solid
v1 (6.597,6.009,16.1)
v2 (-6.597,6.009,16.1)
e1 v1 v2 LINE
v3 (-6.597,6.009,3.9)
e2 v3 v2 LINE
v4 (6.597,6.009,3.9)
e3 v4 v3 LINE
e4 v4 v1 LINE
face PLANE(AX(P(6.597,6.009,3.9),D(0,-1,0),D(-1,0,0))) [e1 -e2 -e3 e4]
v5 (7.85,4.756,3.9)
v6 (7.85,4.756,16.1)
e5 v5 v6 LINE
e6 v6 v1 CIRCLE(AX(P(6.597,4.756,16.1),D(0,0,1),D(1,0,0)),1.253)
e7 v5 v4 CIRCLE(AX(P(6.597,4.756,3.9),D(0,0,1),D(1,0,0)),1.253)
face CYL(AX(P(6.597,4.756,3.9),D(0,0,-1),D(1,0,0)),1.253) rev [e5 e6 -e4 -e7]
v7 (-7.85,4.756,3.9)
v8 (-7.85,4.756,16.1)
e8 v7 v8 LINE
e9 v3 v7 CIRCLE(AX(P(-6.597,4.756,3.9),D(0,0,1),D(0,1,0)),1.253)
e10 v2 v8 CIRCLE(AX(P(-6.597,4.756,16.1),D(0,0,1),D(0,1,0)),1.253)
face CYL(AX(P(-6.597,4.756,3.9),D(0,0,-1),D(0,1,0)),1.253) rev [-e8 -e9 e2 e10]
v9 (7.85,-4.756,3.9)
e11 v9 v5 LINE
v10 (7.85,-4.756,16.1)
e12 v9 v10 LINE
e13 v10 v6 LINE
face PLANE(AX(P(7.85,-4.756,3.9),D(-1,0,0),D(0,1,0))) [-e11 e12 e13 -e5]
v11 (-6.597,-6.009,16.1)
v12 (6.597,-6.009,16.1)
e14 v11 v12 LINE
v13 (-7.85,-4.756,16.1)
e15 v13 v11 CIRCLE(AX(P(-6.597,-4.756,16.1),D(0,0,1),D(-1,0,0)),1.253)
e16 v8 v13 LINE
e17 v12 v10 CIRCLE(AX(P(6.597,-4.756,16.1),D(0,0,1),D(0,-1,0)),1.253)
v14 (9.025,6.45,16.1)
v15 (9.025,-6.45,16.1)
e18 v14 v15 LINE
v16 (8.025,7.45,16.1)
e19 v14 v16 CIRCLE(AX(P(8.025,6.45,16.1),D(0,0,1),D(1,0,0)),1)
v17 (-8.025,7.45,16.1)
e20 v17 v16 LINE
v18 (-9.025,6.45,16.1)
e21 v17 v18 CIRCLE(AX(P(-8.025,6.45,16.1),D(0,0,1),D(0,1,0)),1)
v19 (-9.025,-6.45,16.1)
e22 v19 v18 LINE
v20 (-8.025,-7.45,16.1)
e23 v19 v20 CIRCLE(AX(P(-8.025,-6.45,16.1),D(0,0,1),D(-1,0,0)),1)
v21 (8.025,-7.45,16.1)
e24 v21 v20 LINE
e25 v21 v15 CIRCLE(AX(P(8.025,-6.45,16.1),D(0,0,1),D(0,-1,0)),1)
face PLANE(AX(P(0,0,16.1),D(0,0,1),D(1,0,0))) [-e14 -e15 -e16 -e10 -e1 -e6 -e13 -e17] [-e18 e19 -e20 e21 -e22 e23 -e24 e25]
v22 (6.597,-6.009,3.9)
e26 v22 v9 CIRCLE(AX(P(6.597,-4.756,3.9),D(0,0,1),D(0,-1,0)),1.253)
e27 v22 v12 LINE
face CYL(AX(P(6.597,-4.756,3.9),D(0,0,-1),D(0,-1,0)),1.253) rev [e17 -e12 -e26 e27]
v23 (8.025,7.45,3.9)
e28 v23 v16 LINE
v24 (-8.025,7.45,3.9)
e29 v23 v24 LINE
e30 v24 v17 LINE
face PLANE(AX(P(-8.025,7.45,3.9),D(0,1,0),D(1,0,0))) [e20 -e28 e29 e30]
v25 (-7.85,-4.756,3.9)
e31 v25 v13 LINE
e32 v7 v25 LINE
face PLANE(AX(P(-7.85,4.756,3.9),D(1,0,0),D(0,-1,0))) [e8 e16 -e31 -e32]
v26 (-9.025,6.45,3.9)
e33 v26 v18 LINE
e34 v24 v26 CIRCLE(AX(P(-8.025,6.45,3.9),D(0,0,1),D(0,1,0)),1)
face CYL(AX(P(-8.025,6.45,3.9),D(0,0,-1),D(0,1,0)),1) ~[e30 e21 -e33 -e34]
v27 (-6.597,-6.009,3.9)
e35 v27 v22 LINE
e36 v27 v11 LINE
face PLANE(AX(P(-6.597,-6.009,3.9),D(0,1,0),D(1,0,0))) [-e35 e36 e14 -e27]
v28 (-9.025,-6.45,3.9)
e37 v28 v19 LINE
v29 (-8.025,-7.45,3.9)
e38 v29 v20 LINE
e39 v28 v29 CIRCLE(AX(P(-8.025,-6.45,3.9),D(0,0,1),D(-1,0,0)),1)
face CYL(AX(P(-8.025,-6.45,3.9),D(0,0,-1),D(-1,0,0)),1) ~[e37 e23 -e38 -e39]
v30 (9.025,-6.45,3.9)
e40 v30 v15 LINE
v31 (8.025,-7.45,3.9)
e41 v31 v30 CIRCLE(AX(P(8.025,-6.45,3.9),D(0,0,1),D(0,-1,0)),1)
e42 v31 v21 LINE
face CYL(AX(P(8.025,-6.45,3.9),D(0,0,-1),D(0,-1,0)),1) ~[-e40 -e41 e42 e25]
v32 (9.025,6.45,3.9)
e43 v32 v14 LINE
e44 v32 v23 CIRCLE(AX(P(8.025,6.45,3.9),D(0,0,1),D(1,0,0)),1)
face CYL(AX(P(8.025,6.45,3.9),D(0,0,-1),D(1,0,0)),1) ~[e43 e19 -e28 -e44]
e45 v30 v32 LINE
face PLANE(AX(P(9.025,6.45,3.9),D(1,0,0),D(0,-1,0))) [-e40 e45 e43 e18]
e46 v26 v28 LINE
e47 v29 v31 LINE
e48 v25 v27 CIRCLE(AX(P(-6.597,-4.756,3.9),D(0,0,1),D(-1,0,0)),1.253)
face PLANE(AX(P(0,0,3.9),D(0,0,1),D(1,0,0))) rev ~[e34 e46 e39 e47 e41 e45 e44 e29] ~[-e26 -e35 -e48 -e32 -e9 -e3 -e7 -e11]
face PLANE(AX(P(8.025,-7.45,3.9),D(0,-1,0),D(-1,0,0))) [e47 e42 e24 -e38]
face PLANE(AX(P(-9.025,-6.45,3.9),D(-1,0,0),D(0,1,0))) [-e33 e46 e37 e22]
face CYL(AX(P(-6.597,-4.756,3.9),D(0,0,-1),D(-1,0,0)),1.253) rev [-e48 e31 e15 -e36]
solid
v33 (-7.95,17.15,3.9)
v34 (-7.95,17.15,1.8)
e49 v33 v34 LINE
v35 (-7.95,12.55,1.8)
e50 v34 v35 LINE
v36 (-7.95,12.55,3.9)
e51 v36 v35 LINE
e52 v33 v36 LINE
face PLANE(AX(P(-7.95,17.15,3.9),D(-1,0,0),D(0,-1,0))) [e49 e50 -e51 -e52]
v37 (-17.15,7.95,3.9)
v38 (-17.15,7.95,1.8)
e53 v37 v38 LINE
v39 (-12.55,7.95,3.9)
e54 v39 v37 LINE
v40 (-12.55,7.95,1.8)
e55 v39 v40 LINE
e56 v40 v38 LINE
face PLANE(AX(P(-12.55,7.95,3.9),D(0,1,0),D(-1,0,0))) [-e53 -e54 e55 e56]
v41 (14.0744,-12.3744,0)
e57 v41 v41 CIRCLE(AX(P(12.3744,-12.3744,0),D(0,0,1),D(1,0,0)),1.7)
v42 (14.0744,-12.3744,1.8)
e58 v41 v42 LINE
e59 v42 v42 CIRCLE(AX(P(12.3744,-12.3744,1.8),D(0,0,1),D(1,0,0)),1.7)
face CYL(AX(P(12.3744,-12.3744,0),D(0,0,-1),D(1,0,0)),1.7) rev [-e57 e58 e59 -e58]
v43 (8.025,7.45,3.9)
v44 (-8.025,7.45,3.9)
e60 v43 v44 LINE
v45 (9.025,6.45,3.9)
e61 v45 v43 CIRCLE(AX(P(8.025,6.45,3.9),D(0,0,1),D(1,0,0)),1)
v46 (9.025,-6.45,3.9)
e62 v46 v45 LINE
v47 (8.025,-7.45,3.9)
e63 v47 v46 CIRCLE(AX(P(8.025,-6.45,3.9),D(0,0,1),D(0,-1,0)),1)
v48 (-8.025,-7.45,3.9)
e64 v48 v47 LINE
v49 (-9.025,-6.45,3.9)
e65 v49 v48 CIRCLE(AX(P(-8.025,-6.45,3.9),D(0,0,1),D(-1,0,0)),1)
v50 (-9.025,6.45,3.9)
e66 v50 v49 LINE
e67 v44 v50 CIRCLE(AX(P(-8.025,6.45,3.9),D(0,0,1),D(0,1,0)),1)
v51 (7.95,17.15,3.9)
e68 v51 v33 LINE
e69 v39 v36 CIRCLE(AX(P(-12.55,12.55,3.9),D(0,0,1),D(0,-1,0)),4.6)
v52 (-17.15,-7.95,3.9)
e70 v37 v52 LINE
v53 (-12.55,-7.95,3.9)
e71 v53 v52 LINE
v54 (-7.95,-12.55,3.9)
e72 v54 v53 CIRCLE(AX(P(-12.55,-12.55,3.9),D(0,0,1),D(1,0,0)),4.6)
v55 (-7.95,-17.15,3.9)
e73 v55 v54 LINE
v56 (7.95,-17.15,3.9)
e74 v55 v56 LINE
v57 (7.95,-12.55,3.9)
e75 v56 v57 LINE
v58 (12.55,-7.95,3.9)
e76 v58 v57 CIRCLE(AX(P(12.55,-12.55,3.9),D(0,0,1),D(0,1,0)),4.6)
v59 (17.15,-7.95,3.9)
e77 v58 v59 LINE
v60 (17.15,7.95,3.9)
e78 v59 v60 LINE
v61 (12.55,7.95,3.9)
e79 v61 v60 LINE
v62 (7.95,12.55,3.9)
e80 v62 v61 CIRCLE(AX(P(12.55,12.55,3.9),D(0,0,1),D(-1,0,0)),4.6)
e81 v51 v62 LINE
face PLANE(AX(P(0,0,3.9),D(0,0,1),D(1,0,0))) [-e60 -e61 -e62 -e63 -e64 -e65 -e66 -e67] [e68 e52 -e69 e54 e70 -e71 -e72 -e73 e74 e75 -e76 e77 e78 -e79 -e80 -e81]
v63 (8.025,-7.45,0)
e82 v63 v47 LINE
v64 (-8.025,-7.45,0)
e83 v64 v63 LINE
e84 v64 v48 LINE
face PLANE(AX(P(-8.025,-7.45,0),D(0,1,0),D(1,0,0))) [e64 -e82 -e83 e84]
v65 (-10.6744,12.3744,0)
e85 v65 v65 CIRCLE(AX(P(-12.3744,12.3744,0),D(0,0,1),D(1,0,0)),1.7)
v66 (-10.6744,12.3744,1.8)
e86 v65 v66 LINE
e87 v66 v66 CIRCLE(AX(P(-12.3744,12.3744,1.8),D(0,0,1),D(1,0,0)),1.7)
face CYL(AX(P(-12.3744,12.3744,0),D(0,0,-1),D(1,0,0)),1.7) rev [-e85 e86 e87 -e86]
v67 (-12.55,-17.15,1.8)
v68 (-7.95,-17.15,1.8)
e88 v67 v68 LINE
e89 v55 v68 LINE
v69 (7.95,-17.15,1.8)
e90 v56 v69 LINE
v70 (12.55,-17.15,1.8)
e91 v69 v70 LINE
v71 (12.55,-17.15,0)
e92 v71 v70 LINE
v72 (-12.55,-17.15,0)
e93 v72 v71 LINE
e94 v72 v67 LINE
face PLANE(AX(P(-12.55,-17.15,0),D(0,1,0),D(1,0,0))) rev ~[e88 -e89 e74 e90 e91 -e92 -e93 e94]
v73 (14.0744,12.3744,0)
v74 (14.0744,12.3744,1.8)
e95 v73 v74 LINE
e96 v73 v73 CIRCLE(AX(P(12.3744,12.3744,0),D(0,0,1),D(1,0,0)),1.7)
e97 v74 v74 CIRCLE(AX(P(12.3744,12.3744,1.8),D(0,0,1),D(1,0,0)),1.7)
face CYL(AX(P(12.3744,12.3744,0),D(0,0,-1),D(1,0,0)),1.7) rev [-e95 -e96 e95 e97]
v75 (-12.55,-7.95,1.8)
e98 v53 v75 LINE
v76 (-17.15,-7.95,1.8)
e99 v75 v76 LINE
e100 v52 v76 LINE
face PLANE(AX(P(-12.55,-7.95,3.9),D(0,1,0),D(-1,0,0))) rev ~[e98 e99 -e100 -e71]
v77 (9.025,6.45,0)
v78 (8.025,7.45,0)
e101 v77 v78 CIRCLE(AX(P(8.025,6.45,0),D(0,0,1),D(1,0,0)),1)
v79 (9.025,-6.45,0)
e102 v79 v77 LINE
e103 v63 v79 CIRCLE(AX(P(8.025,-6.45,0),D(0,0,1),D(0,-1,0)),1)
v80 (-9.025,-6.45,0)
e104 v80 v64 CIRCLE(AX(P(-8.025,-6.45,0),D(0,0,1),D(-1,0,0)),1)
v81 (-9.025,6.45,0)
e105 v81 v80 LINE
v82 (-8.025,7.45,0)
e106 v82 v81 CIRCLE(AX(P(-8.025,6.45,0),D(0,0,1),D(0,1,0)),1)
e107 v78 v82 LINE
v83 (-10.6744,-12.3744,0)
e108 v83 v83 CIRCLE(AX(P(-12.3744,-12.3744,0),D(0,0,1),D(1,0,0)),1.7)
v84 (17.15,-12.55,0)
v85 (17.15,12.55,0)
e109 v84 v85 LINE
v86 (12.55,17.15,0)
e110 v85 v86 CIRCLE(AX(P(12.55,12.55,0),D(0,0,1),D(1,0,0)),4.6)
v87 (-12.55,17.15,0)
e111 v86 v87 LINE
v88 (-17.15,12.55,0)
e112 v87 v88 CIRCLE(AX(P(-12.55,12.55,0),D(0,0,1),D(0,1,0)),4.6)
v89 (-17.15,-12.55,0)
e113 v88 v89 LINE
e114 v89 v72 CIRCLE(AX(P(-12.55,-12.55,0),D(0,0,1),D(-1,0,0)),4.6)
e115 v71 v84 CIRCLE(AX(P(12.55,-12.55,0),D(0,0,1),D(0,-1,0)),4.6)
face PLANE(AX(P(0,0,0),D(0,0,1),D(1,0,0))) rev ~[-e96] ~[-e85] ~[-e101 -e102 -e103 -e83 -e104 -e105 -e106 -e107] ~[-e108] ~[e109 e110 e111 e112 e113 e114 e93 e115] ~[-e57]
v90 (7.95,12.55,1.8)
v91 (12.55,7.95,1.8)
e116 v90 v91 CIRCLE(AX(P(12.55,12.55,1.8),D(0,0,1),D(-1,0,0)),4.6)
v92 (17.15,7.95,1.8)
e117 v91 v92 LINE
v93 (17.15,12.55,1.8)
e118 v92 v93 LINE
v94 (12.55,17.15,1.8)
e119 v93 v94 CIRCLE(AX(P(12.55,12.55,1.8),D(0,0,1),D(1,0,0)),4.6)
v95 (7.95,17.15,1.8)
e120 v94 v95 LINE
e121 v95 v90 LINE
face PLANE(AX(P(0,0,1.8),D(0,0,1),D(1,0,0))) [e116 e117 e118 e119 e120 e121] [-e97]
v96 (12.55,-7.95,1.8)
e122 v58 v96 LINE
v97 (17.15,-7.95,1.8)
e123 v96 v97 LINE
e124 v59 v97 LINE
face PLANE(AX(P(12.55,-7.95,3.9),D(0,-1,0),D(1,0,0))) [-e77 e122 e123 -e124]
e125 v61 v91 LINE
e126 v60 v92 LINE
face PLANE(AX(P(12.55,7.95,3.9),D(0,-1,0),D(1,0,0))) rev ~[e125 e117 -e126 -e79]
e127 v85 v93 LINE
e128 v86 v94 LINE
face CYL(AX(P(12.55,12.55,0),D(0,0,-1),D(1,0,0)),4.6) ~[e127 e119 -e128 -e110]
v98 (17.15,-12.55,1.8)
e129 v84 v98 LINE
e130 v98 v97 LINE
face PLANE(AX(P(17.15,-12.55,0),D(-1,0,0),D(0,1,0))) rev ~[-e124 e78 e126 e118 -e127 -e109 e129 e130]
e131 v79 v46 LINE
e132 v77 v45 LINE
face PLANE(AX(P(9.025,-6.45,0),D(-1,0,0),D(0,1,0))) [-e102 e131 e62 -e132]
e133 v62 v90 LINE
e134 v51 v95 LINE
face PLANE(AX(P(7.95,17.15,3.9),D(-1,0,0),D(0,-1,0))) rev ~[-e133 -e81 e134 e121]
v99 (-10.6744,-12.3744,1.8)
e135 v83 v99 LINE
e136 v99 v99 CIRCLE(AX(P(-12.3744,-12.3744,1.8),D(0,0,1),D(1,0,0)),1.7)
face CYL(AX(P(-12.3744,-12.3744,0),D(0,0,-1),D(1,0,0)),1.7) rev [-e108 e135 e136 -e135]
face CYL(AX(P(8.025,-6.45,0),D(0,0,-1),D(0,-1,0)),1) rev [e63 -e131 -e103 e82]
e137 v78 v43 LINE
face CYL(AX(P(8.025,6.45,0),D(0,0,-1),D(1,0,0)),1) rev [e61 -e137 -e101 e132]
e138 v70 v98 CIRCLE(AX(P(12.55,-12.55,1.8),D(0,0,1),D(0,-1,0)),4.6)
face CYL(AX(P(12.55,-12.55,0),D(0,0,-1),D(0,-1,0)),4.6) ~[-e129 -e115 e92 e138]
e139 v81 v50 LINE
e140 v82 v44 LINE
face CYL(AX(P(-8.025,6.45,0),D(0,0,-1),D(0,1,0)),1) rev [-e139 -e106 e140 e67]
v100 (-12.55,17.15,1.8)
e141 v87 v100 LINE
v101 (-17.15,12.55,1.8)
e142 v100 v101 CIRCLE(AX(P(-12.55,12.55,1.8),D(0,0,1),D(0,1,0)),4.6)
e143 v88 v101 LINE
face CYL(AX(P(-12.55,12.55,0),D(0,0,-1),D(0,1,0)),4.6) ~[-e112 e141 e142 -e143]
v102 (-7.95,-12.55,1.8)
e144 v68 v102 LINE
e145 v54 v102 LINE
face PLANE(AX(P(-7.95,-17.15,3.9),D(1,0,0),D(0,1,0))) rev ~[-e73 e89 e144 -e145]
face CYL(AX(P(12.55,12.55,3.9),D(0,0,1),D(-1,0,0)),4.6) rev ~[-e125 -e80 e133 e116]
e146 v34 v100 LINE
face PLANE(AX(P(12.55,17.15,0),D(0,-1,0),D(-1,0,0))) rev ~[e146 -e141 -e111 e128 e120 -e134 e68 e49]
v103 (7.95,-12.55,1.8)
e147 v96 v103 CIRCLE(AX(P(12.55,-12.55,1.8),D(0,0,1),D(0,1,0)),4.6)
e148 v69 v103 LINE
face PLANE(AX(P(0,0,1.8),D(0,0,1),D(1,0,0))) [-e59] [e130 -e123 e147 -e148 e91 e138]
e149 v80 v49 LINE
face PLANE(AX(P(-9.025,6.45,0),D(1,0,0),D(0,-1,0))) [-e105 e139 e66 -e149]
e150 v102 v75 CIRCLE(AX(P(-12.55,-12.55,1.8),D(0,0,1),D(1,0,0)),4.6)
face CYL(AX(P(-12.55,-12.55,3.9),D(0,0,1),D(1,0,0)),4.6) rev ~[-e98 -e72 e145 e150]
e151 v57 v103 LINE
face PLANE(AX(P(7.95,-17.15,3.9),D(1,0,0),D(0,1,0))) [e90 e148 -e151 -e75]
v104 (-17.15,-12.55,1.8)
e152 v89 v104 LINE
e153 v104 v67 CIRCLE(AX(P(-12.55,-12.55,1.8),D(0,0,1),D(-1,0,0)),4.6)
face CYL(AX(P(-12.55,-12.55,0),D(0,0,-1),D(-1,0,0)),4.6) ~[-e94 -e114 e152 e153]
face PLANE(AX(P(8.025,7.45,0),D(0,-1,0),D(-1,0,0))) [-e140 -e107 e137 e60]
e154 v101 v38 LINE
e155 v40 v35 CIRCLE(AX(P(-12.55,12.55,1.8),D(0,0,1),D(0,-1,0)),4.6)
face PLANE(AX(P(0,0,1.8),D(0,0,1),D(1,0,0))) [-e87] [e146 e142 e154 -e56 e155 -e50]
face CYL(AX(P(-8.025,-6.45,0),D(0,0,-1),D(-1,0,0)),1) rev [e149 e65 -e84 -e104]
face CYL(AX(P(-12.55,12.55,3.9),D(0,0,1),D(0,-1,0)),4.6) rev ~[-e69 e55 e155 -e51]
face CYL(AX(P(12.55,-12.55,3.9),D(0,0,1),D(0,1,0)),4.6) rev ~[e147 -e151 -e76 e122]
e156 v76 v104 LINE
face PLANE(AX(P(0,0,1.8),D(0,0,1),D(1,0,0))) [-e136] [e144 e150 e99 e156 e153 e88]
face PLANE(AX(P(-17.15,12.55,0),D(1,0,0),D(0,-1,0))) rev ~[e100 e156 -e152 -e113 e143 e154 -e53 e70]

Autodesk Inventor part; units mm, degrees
ref_plane "YZ Plane" through (0, 0, 0) normal (1, 0, 0) x (0, 1, 0)
ref_plane "XZ Plane" through (0, 0, 0) normal (0, 1, 0) x (-1, 0, 0)
ref_plane "XY Plane" through (0, 0, 0) normal (0, 0, 1) x (1, 0, 0)
sketch "Sketch1" plane through (0, 0, 0) normal (0, 0, 1) x (1, 0, 0)
  line L0 (-12.55, -17.15) -> (12.55, -17.15)
  line L1 (17.15, -12.55) -> (17.15, 12.55)
  line L2 (12.55, 17.15) -> (-12.55, 17.15)
  line L3 (-17.15, 12.55) -> (-17.15, -12.55)
  line L4 (-17.15, -17.15) -> (17.15, 17.15) construction
  line L5 (17.15, -17.15) -> (-17.15, 17.15) construction
  circle A0 centre (0, 0) radius 17.5 construction
  circle A1 centre (-12.3744, 12.3744) radius 1.7
  circle A2 centre (-12.3744, -12.3744) radius 1.7
  circle A3 centre (12.3744, -12.3744) radius 1.7
  circle A4 centre (12.3744, 12.3744) radius 1.7
  line L6 (-12.3744, 12.3744) -> (-12.3744, 17.15) construction
  line L7 (-12.3744, 12.3744) -> (-7.5987, 12.3744) construction
  arc A5 (-12.55, 17.15) -> (-17.15, 12.55) centre (-12.55, 12.55) ccw
  arc A6 (17.15, 12.55) -> (12.55, 17.15) centre (12.55, 12.55) ccw
  arc A7 (12.55, -17.15) -> (17.15, -12.55) centre (12.55, -12.55) ccw
  arc A8 (-17.15, -12.55) -> (-12.55, -17.15) centre (-12.55, -12.55) ccw
  line L8 (-8.025, -7.45) -> (8.025, -7.45)
  line L9 (9.025, -6.45) -> (9.025, 6.45)
  line L10 (8.025, 7.45) -> (-8.025, 7.45)
  line L11 (-9.025, 6.45) -> (-9.025, -6.45)
  line L12 (-9.025, -7.45) -> (9.025, 7.45) construction
  line L13 (9.025, -7.45) -> (-9.025, 7.45) construction
  arc A9 (-8.025, 7.45) -> (-9.025, 6.45) centre (-8.025, 6.45) ccw
  arc A10 (9.025, 6.45) -> (8.025, 7.45) centre (8.025, 6.45) ccw
  arc A11 (8.025, -7.45) -> (9.025, -6.45) centre (8.025, -6.45) ccw
  arc A12 (-9.025, -6.45) -> (-8.025, -7.45) centre (-8.025, -6.45) ccw
  dimension "d0" = 34.3
  dimension "d1" = 34.3
  dimension "d2" = 35
  dimension "d3" = 3.4
  dimension "d4" = 3.4
  dimension "d5" = 3.4
  dimension "d6" = 3.4
  dimension "d7" = 90
  dimension "d8" = 4.6
  dimension "d9" = 18.05
  dimension "d10" = 14.9
  dimension "d11" = 1
extrude "Extrusion1" add sketch "Sketch1" along normal blind 3.9
sketch "Sketch2" plane through (0, 0, 3.9) normal (0, 0, 1) x (1, 0, 0)
  arc A0 (9.025, 6.45) -> (8.025, 7.45) centre (8.025, 6.45) ccw projected
  line L0 (9.025, 6.45) -> (9.025, -6.45) projected
  arc A1 (8.025, -7.45) -> (9.025, -6.45) centre (8.025, -6.45) ccw projected
  line L1 (8.025, -7.45) -> (-8.025, -7.45) projected
  arc A2 (-9.025, -6.45) -> (-8.025, -7.45) centre (-8.025, -6.45) ccw projected
  line L2 (-9.025, -6.45) -> (-9.025, 6.45) projected
  arc A3 (-8.025, 7.45) -> (-9.025, 6.45) centre (-8.025, 6.45) ccw projected
  line L3 (-8.025, 7.45) -> (8.025, 7.45) projected
  circle A4 centre (12.3744, 12.3744) radius 1.7 projected
  circle A5 centre (12.3744, -12.3744) radius 1.7 projected
  circle A6 centre (-12.3744, -12.3744) radius 1.7 projected
  circle A7 centre (-12.3744, 12.3744) radius 1.7 projected
  line L4 (-17.15, 12.55) -> (-17.15, -12.55) projected
  arc A8 (-17.15, -12.55) -> (-12.55, -17.15) centre (-12.55, -12.55) ccw projected
  line L5 (-12.55, -17.15) -> (12.55, -17.15) projected
  arc A9 (12.55, -17.15) -> (17.15, -12.55) centre (12.55, -12.55) ccw projected
  line L6 (17.15, -12.55) -> (17.15, 12.55) projected
  arc A10 (17.15, 12.55) -> (12.55, 17.15) centre (12.55, 12.55) ccw projected
  line L7 (12.55, 17.15) -> (-12.55, 17.15) projected
  arc A11 (-12.55, 17.15) -> (-17.15, 12.55) centre (-12.55, 12.55) ccw projected
  line L8 (12.55, 7.95) -> (17.15, 7.95)
  line L9 (17.15, 7.95) -> (17.15, 12.55)
  line L10 (12.55, 17.15) -> (7.95, 17.15)
  line L11 (7.95, 17.15) -> (7.95, 12.55)
  line L12 (7.95, 7.95) -> (17.15, 17.15) construction
  line L13 (17.15, 7.95) -> (7.95, 17.15) construction
  arc A12 (7.95, 12.55) -> (12.55, 7.95) centre (12.55, 12.55) ccw
  arc A13 (17.15, 12.55) -> (12.55, 17.15) centre (12.55, 12.55) ccw
  line L14 (-12.55, 7.95) -> (-17.15, 7.95)
  line L15 (-17.15, 7.95) -> (-17.15, 12.55)
  line L16 (-12.55, 17.15) -> (-7.95, 17.15)
  line L17 (-7.95, 17.15) -> (-7.95, 12.55)
  line L18 (-7.95, 7.95) -> (-17.15, 17.15) construction
  line L19 (-17.15, 7.95) -> (-7.95, 17.15) construction
  line L20 (-12.55, -7.95) -> (-17.15, -7.95)
  line L21 (-17.15, -7.95) -> (-17.15, -12.55)
  line L22 (-12.55, -17.15) -> (-7.95, -17.15)
  line L23 (-7.95, -17.15) -> (-7.95, -12.55)
  line L24 (-7.95, -7.95) -> (-17.15, -17.15) construction
  line L25 (-17.15, -7.95) -> (-7.95, -17.15) construction
  line L26 (12.55, -7.95) -> (17.15, -7.95)
  line L27 (17.15, -7.95) -> (17.15, -12.55)
  line L28 (12.55, -17.15) -> (7.95, -17.15)
  line L29 (7.95, -17.15) -> (7.95, -12.55)
  line L30 (7.95, -7.95) -> (17.15, -17.15) construction
  line L31 (17.15, -7.95) -> (7.95, -17.15) construction
  arc A14 (12.55, -7.95) -> (7.95, -12.55) centre (12.55, -12.55) ccw
  arc A15 (12.55, -17.15) -> (17.15, -12.55) centre (12.55, -12.55) ccw
  arc A16 (-7.95, -12.55) -> (-12.55, -7.95) centre (-12.55, -12.55) ccw
  arc A17 (-17.15, -12.55) -> (-12.55, -17.15) centre (-12.55, -12.55) ccw
  arc A18 (-12.55, 17.15) -> (-17.15, 12.55) centre (-12.55, 12.55) ccw
  arc A19 (-12.55, 7.95) -> (-7.95, 12.55) centre (-12.55, 12.55) ccw
extrude "Extrusion2" cut sketch "Sketch2" against normal blind 2.1 contours A11 L7 L17 A19 L14 L4 | L20 A16 L23 L5 A8 L4 | L7 A10 L6 L8 A12 L11 | L29 A14 L26 L6 A9 L5
sketch "Sketch3" plane through (0, 0, 3.9) normal (0, 0, 1) x (1, 0, 0)
  line L0 (-6.597, -6.009) -> (6.597, -6.009)
  line L1 (7.85, -4.756) -> (7.85, 4.756)
  line L2 (6.597, 6.009) -> (-6.597, 6.009)
  line L3 (-7.85, 4.756) -> (-7.85, -4.756)
  line L4 (-7.85, -6.009) -> (7.85, 6.009) construction
  line L5 (7.85, -6.009) -> (-7.85, 6.009) construction
  arc A0 (-6.597, 6.009) -> (-7.85, 4.756) centre (-6.597, 4.756) ccw
  arc A1 (7.85, 4.756) -> (6.597, 6.009) centre (6.597, 4.756) ccw
  arc A2 (6.597, -6.009) -> (7.85, -4.756) centre (6.597, -4.756) ccw
  arc A3 (-7.85, -4.756) -> (-6.597, -6.009) centre (-6.597, -4.756) ccw
  line L6 (-8.025, 7.45) -> (8.025, 7.45) projected
  arc A4 (-8.025, 7.45) -> (-9.025, 6.45) centre (-8.025, 6.45) ccw projected
  line L7 (-9.025, -6.45) -> (-9.025, 6.45) projected
  arc A5 (-9.025, -6.45) -> (-8.025, -7.45) centre (-8.025, -6.45) ccw projected
  line L8 (8.025, -7.45) -> (-8.025, -7.45) projected
  arc A6 (8.025, -7.45) -> (9.025, -6.45) centre (8.025, -6.45) ccw projected
  line L9 (9.025, 6.45) -> (9.025, -6.45) projected
  arc A7 (9.025, 6.45) -> (8.025, 7.45) centre (8.025, 6.45) ccw projected
  point P0 (0, 0)
  dimension "d25" = 15.7
  dimension "d26" = 12.018
  dimension "d27" = 1.253
extrude "Extrusion3" add sketch "Sketch3" along normal blind 12.2
properties part number "RJ45Panel"
